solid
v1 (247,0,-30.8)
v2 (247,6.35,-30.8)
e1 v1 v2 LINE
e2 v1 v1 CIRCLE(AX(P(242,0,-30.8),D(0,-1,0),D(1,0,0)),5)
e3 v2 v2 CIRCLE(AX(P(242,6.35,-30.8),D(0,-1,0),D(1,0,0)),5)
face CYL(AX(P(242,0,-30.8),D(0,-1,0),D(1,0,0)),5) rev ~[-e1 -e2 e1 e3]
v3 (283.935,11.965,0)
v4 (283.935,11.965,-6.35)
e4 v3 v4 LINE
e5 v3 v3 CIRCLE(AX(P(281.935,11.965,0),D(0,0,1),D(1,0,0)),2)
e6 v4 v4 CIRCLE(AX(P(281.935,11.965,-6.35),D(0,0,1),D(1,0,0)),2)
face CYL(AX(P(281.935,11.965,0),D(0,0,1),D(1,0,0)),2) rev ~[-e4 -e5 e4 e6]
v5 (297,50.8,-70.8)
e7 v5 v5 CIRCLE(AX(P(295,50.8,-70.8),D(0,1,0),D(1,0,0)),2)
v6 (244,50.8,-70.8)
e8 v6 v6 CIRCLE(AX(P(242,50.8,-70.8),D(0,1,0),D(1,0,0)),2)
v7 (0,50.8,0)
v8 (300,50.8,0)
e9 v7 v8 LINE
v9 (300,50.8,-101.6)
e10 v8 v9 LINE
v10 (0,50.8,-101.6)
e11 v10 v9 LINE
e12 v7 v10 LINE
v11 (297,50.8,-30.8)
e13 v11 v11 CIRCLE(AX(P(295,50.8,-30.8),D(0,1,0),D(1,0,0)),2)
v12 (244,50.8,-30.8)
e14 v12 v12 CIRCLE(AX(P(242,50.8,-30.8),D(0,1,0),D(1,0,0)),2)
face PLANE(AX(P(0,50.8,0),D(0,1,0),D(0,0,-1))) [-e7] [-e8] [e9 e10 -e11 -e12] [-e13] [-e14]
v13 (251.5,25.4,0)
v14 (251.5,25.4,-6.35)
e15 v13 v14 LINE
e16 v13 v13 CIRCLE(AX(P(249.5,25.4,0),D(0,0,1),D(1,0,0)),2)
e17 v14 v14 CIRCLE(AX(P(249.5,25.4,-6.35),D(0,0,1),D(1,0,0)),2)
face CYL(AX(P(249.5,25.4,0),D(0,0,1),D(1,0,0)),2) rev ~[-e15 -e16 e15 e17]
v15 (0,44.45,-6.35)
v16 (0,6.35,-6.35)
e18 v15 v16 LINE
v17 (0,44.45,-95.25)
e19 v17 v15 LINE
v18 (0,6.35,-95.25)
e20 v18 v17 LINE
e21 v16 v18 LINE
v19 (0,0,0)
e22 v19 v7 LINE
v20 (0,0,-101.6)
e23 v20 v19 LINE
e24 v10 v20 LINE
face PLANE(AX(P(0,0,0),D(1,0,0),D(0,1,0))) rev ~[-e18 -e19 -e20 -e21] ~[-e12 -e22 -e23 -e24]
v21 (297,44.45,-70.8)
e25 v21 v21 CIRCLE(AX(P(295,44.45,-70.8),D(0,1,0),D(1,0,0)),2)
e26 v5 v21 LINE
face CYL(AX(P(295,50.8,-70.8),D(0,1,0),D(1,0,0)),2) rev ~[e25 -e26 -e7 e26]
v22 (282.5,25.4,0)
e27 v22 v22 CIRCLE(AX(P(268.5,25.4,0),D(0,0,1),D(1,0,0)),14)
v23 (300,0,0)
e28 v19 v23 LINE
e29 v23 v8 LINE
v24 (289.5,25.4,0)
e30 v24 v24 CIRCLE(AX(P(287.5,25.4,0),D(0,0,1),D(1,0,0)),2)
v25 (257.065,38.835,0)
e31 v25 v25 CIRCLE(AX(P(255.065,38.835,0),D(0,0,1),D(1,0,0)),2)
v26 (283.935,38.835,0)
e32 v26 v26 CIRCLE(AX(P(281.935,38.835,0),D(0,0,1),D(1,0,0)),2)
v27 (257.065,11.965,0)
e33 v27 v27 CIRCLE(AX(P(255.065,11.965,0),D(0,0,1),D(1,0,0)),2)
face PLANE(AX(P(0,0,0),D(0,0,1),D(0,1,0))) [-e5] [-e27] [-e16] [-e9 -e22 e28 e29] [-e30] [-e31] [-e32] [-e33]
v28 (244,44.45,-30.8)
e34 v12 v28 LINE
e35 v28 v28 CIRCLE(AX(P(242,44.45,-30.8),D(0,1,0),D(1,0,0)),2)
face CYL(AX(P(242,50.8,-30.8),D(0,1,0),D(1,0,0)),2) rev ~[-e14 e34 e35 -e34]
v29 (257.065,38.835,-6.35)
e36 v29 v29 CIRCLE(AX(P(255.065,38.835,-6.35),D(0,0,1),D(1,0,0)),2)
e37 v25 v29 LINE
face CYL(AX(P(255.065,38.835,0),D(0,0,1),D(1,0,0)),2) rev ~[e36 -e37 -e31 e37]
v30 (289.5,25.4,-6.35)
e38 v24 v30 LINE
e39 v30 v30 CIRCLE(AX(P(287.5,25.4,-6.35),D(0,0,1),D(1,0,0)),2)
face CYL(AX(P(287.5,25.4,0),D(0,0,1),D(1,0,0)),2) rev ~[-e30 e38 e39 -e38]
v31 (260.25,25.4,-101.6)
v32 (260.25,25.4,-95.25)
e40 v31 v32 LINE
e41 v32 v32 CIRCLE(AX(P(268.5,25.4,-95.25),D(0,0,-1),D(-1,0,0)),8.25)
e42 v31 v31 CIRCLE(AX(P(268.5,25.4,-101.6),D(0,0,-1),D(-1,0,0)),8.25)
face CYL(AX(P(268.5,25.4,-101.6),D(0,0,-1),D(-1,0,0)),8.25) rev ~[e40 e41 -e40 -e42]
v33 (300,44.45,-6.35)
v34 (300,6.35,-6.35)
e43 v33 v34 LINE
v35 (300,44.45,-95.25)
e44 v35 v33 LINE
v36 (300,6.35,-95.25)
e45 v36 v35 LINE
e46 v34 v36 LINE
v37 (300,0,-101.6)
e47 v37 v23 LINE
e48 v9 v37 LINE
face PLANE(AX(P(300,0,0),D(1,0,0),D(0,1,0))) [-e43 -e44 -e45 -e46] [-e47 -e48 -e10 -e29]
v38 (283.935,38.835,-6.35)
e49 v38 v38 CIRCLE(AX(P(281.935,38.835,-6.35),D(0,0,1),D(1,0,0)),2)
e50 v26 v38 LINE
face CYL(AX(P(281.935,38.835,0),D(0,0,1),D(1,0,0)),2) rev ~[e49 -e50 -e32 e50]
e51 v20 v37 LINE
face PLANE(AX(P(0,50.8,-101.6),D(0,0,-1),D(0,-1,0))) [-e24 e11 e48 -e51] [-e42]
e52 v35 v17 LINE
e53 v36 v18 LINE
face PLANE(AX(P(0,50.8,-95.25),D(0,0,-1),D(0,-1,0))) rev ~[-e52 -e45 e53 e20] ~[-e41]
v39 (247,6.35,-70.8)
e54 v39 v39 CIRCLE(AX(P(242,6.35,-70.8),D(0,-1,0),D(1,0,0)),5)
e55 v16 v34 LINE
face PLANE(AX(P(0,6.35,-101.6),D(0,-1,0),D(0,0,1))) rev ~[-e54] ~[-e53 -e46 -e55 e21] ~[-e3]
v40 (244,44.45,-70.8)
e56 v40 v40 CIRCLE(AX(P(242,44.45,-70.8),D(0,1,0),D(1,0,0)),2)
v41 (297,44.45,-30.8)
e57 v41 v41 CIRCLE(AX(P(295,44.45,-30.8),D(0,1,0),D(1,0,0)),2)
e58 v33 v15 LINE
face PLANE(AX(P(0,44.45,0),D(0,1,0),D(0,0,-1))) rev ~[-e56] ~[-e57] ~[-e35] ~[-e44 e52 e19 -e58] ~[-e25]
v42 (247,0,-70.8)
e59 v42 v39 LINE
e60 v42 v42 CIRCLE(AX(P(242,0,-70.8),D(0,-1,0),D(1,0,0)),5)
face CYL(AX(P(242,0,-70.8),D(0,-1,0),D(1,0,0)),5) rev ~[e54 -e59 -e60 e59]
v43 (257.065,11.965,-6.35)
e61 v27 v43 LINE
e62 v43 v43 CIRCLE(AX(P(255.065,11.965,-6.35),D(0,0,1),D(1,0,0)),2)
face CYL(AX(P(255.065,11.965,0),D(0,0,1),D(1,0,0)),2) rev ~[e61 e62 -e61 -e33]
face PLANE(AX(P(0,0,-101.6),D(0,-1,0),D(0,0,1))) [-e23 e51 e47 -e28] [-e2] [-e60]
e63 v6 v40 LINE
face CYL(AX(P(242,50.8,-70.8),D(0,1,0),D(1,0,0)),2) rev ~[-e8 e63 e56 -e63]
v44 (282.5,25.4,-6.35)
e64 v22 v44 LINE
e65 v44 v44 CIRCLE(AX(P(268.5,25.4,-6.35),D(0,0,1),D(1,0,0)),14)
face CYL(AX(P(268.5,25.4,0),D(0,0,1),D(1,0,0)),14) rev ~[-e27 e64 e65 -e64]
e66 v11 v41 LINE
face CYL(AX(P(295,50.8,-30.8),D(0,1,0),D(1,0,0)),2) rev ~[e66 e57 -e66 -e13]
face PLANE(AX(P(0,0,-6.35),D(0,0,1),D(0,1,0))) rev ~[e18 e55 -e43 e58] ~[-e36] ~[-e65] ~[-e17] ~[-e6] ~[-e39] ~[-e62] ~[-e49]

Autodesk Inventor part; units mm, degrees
ref_plane "YZ Plane" through (0, 0, 0) normal (1, 0, 0) x (0, 1, 0)
ref_plane "XZ Plane" through (0, 0, 0) normal (0, 1, 0) x (-1, 0, 0)
ref_plane "XY Plane" through (0, 0, 0) normal (0, 0, 1) x (1, 0, 0)
sketch "Sketch1" plane through (0, 0, 0) normal (1, 0, 0) x (0, 1, 0)
  line L0 (0, 0) -> (50.8, 0)
  line L1 (50.8, 0) -> (50.8, -101.6)
  line L2 (50.8, -101.6) -> (0, -101.6)
  line L3 (0, -101.6) -> (0, 0)
  dimension "d0" = 101.6
  dimension "d1" = 50.8
extrude "Extrusion1" add sketch "Sketch1" along normal blind 300
shell "Shell1" thickness 6.35 removed faces 2 at (0, 16.9333, -33.8667) at (300, 16.9333, -33.8667)
sketch "Sketch2" plane through (0, 50.8, 0) normal (0, 1, 0) x (1, 0, 0)
  circle A0 centre (295, 70.8) radius 2
  circle A1 centre (295, 30.8) radius 2
  circle A2 centre (242, 70.8) radius 2
  circle A3 centre (242, 30.8) radius 2
  line L0 (295, 70.8) -> (242, 70.8) construction
  line L1 (242, 70.8) -> (242, 30.8) construction
  line L2 (242, 30.8) -> (295, 30.8) construction
  line L3 (295, 30.8) -> (295, 70.8) construction
  line L4 (300, 101.6) -> (300, 0) projected
  line L5 (237, 101.6) -> (237, 0)
  line L6 (237, 0) -> (300, 0)
  line L7 (300, 101.6) -> (237, 101.6)
  point P0 (268.5, 0)
  point P1 (268.5, 30.8)
  point P2 (295, 50.8)
  point P3 (300, 50.8)
  dimension "d5" = 4
  dimension "d6" = 63
  dimension "d7" = 40
  dimension "d8" = 53
extrude "Extrusion2" cut sketch "Sketch2" against normal up to surface (6.35 mm away) contours A0 | A1 | A2 | A3
sketch "Sketch3" plane through (0, 0, 0) normal (0, 0, 1) x (1, 0, 0)
  line L0 (297, 44.45) -> (293, 44.45) construction
  line L1 (244, 44.45) -> (240, 44.45) construction
  circle A0 centre (268.5, 25.4) radius 19 construction
  line L2 (300, 50.8) -> (300, 0) construction
  line L3 (293, 44.45) -> (268.5, 25.4) construction
  line L4 (268.5, 25.4) -> (244, 44.45) construction
  circle A1 centre (255.065, 11.965) radius 2
  circle A2 centre (281.935, 11.965) radius 2
  circle A3 centre (281.935, 38.835) radius 2
  circle A4 centre (287.5, 25.4) radius 2
  circle A5 centre (255.065, 38.835) radius 2
  circle A6 centre (249.5, 25.4) radius 2
  line L5 (249.5, 25.4) -> (268.5, 25.4) construction
  line L6 (255.065, 11.965) -> (268.5, 25.4) construction
  circle A7 centre (268.5, 25.4) radius 14
  point P0 (0, 0)
  point P1 (300, 25.4)
  point P2 (300, 25.4)
  dimension "d11" = 38
  dimension "d12" = 4
  dimension "d13" = 45
  dimension "d14" = 28
extrude "Extrusion3" cut sketch "Sketch3" against normal up to surface (6.35 mm away)
sketch "Sketch4" plane through (0, 0, -101.6) normal (0, 0, -1) x (-1, 0, 0)
  circle A0 centre (-268.5, 25.4) radius 14 construction
  circle A1 centre (-268.5, 25.4) radius 8.25
  point P0 (0, 0)
  dimension "d17" = 16.5
extrude "Extrusion4" cut sketch "Sketch4" against normal up to surface (6.35 mm away)
sketch "Sketch5" plane through (0, 0, -101.6) normal (0, -1, 0) x (1, 0, 0)
  circle A0 centre (242, 30.8) radius 2 projected
  circle A1 centre (242, 70.8) radius 2 projected
  circle A2 centre (242, 30.8) radius 5
  circle A3 centre (242, 70.8) radius 5
  point P0 (0, 101.6)
  dimension "d20" = 10
extrude "Extrusion5" cut sketch "Sketch5" against normal up to surface (6.35 mm away) contours A0 | A1 | A2 | A3
properties part number "VERTICALTUBE"
